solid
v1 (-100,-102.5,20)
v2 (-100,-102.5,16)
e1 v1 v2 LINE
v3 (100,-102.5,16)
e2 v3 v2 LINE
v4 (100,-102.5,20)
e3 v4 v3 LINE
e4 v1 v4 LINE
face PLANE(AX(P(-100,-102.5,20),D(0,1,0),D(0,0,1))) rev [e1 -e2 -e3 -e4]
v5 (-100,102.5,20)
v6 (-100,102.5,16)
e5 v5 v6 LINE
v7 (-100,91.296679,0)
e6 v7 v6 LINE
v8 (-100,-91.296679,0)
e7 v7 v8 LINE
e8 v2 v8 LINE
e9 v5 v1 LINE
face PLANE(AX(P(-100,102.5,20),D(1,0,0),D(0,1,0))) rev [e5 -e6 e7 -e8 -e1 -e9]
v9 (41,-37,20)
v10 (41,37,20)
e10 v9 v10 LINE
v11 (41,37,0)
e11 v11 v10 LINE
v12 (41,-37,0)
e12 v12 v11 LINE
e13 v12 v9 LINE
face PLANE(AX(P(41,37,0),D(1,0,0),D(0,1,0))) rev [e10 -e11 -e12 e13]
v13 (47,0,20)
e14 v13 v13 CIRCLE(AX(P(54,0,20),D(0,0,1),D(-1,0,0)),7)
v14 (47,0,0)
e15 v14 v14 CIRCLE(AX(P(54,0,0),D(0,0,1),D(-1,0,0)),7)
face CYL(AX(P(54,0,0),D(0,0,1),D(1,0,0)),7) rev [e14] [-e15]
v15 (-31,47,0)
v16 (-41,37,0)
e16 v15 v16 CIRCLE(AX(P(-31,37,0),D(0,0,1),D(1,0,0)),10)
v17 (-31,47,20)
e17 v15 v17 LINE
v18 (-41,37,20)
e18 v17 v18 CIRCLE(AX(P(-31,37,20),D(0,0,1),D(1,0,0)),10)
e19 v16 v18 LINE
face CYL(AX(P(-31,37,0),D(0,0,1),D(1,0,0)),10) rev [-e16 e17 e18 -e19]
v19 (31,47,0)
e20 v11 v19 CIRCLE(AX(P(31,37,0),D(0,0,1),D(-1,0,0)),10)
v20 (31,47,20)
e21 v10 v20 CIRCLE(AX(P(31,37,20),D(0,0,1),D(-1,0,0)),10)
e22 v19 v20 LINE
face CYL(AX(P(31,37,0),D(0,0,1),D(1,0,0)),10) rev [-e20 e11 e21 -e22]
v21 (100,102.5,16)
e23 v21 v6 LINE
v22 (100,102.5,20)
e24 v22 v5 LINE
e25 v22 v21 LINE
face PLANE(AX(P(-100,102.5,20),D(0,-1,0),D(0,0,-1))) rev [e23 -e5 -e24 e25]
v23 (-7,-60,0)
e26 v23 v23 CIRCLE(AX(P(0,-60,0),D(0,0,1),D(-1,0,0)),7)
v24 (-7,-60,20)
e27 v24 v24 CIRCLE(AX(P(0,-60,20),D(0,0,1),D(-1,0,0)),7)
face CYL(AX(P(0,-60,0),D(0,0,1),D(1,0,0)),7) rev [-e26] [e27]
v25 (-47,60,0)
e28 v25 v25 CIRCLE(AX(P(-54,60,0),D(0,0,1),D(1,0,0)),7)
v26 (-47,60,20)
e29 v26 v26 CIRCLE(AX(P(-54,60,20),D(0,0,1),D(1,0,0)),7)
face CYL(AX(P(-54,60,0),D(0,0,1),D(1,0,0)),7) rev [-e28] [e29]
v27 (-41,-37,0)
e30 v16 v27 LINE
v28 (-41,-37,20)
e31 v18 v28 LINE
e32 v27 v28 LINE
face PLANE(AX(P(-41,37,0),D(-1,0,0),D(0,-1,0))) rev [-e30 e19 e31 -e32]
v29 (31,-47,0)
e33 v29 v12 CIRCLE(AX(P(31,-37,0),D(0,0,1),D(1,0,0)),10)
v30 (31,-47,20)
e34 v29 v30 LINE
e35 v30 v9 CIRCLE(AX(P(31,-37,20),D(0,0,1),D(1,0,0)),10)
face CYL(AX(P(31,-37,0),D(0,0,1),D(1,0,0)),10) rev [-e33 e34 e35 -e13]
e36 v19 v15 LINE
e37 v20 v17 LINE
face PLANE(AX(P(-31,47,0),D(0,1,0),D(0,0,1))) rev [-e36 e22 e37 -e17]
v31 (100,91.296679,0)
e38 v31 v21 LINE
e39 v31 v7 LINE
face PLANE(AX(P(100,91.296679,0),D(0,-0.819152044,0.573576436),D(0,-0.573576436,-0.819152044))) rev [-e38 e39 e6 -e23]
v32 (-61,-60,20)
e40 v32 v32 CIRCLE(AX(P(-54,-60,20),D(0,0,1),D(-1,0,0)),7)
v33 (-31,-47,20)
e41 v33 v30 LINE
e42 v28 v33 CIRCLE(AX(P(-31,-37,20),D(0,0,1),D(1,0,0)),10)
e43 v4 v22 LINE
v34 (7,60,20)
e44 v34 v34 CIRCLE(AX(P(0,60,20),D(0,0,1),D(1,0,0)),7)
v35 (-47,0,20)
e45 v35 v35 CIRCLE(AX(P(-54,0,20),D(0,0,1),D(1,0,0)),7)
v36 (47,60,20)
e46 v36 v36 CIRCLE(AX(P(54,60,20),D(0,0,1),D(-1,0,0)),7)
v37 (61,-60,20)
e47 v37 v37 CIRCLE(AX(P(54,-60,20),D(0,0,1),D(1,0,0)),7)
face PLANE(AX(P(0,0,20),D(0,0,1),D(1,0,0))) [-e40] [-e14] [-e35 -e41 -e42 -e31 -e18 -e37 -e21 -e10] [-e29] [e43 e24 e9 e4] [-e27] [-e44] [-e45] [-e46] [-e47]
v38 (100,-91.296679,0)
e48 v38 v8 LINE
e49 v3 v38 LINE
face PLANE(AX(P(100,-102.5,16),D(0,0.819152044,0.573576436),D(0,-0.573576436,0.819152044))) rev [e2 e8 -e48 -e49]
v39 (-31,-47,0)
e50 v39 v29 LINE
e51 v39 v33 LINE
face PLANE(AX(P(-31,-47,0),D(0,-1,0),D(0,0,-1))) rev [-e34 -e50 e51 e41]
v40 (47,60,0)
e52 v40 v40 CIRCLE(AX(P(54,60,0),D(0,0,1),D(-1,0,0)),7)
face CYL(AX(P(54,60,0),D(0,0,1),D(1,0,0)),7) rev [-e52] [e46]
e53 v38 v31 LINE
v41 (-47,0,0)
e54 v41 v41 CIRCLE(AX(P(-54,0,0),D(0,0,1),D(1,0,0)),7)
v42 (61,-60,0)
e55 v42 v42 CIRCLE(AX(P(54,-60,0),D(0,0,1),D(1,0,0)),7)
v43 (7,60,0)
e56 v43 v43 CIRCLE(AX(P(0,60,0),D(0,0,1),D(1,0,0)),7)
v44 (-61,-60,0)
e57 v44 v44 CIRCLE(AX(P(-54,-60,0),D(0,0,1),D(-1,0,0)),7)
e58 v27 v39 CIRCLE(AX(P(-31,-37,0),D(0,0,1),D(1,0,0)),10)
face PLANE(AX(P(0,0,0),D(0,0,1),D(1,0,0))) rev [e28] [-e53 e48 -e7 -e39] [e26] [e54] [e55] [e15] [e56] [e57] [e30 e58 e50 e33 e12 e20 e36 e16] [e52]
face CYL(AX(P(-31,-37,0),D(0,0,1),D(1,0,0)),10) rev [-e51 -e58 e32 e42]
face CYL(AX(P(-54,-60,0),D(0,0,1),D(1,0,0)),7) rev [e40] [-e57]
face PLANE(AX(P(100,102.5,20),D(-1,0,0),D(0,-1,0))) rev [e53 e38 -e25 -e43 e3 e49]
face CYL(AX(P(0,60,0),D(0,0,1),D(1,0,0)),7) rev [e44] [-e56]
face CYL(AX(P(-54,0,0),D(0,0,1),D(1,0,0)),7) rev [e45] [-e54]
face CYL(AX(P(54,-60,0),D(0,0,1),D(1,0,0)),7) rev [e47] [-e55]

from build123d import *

# Parameters (mm, degrees)
SKETCH_1_W          = 200
SKETCH_1_H          = 205
EXTRUDE_1_DEPTH     = 20
SKETCH_2_R          = 7
CUT_EXTRUDE_1_DEPTH = 145.589937409
CUT_EXTRUDE_2_DEPTH = 226.624134347


with BuildPart() as part:
    # 草图1 → 凸台-拉伸1 (new body)
    with BuildSketch(Plane.XY):
        Rectangle(SKETCH_1_W, SKETCH_1_H)
    extrude(amount=EXTRUDE_1_DEPTH)

    # 草图2 → 切除-拉伸1 (cut, through all)
    with BuildSketch(Plane.XY.offset(20)):
        with Locations((-54, 60)):
            Circle(SKETCH_2_R)
        with Locations((0, 60)):
            Circle(SKETCH_2_R)
        with Locations((-54, 0)):
            Circle(SKETCH_2_R)
        with Locations(Location((54, 0, 0), (0, 0, 180))):
            Circle(SKETCH_2_R)
        with Locations(Location((54, 60, 0), (0, 0, 180))):
            Circle(SKETCH_2_R)
        with Locations(Location((-54, -60, 0), (0, 0, 180))):
            Circle(SKETCH_2_R)
        with Locations(Location((0, -60, 0), (0, 0, 180))):
            Circle(SKETCH_2_R)
        with Locations((54, -60)):
            Circle(SKETCH_2_R)
        with BuildLine():
            Line((-31, 47), (31, 47))
            ThreePointArc((31, 47), (38.071067812, 44.071067812), (41, 37))
            Line((41, 37), (41, -37))
            ThreePointArc((41, -37), (38.071067812, -44.071067812), (31, -47))
            Line((31, -47), (-31, -47))
            ThreePointArc((-31, -47), (-38.071067812, -44.071067812), (-41, -37))
            Line((-41, -37), (-41, 37))
            ThreePointArc((-41, 37), (-38.071067812, 44.071067812), (-31, 47))
        make_face()
    extrude(amount=-CUT_EXTRUDE_1_DEPTH, mode=Mode.SUBTRACT)

    # 草图3 → 切除-拉伸2 (cut, through all)
    with BuildSketch(Plane.ZY.offset(100)):
        Polygon((0, 102.5), (0, 91.296679389), (16, 102.5), align=None)
        Polygon((0, -102.5), (16, -102.5), (0, -91.296679389), align=None)
    extrude(amount=-CUT_EXTRUDE_2_DEPTH, mode=Mode.SUBTRACT)


solid = part.part
